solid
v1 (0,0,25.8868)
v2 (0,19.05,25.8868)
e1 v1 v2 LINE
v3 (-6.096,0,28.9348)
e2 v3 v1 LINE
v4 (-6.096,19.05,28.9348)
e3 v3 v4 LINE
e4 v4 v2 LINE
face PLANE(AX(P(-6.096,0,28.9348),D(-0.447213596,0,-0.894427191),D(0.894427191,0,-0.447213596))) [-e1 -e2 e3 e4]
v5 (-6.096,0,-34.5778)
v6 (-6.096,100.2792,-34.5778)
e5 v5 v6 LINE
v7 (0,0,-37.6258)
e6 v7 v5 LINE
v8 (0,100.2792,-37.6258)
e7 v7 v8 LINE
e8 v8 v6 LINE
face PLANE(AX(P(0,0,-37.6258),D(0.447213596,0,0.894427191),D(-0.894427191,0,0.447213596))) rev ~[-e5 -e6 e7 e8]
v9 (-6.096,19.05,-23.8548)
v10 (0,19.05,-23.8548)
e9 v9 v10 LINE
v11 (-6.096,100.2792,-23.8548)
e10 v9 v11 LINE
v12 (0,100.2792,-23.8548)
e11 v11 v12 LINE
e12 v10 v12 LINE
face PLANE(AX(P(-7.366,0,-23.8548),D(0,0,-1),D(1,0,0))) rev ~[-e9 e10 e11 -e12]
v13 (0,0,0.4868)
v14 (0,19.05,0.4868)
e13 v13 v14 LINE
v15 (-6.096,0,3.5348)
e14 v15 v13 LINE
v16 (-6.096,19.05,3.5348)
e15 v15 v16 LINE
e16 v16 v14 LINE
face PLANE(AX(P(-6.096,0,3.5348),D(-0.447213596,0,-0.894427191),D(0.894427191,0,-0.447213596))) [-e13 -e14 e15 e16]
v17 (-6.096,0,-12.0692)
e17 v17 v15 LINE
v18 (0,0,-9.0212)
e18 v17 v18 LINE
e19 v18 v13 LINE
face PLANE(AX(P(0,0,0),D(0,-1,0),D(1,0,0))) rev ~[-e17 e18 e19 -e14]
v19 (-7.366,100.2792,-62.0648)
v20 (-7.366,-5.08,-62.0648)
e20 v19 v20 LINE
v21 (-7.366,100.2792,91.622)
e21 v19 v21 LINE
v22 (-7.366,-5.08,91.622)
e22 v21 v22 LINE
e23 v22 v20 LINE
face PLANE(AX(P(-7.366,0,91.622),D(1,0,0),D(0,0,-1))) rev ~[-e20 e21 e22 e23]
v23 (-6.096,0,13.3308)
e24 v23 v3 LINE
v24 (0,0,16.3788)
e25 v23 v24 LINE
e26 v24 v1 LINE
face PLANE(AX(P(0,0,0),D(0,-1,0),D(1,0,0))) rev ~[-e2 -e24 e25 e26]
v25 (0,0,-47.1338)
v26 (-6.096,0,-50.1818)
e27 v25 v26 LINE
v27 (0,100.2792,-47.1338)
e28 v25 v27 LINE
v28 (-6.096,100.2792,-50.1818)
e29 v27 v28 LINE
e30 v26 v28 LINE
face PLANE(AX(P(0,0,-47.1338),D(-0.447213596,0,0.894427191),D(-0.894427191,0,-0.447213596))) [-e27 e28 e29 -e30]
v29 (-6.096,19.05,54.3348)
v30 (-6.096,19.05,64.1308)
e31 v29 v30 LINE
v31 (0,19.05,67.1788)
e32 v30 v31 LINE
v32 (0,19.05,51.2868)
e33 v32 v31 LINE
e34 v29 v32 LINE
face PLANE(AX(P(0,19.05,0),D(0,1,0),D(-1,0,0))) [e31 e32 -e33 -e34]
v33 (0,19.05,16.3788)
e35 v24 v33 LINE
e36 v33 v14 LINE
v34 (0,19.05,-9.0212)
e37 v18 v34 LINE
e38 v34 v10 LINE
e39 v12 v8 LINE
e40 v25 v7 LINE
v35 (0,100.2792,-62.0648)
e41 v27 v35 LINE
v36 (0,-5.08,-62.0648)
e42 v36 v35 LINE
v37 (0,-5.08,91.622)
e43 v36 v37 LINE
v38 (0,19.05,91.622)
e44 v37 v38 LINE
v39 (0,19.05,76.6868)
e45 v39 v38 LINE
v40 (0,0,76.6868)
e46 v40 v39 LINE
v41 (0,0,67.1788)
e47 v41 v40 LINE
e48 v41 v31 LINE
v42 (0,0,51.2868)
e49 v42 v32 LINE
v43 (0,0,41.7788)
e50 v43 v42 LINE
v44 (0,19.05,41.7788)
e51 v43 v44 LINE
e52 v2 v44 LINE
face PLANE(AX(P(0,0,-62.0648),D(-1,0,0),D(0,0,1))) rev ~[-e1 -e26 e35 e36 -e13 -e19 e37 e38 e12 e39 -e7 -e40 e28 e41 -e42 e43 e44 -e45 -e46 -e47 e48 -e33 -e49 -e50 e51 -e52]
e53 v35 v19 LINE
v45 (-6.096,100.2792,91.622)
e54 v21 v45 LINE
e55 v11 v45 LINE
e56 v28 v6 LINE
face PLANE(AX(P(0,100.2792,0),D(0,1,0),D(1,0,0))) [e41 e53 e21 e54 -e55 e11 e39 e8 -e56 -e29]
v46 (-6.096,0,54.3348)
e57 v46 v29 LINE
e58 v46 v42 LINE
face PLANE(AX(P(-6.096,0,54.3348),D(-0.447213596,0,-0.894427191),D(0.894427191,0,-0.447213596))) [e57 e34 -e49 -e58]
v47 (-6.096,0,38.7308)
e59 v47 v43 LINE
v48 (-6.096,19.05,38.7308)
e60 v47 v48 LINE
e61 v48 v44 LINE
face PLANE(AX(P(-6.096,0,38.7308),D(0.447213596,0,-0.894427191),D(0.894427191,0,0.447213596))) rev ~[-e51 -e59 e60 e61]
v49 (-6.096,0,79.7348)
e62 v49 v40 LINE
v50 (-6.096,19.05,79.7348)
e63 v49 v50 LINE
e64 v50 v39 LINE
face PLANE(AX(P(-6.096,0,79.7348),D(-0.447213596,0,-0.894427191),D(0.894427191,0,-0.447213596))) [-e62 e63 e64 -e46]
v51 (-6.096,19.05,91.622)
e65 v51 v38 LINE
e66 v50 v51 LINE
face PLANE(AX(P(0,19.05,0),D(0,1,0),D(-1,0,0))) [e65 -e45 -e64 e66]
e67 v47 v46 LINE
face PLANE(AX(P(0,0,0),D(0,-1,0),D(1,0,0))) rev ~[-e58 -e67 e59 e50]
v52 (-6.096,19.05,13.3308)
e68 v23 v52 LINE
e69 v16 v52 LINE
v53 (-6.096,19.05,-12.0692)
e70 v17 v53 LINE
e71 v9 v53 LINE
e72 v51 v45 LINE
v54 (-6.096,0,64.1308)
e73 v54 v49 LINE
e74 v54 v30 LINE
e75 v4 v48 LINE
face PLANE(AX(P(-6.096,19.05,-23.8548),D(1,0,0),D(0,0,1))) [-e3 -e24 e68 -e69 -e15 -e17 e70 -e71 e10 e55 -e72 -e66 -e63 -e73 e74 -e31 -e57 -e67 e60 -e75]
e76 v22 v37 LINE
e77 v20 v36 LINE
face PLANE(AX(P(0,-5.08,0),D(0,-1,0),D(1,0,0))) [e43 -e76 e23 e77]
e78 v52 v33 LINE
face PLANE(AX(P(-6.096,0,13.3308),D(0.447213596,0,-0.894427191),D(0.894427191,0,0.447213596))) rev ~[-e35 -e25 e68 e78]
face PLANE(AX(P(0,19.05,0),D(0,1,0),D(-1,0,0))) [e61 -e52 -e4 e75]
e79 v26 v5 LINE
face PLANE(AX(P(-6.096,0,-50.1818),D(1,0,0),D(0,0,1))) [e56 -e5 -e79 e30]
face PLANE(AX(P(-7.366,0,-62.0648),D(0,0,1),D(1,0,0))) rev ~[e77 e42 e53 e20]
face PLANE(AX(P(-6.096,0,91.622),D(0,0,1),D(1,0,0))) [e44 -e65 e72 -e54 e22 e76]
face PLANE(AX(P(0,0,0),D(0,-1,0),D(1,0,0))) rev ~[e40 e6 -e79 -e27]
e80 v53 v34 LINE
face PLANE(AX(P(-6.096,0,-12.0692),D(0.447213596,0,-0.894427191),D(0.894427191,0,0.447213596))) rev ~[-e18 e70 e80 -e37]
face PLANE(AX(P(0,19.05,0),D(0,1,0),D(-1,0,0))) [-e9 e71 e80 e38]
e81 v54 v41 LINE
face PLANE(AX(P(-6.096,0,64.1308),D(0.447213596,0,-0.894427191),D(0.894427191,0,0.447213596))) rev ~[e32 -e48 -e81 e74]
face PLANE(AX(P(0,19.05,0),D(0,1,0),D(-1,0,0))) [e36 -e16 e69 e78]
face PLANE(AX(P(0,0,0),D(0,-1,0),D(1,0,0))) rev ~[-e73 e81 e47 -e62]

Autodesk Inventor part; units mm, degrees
ref_plane "YZ Plane" through (0, 0, 0) normal (1, 0, 0) x (0, 1, 0)
ref_plane "XZ Plane" through (0, 0, 0) normal (0, 1, 0) x (-1, 0, 0)
ref_plane "XY Plane" through (0, 0, 0) normal (0, 0, 1) x (1, 0, 0)
sketch "Sketch1" plane through (0, 0, 0) normal (0, 1, 0) x (-1, 0, 0)
  line L0 (7.366, 6.1452) -> (7.366, -23.8548)
  line L1 (7.366, -23.8548) -> (0, -23.8548)
  line L2 (6.096, -8.0476) -> (6.096, -9.0212)
  line L3 (0, 0.4868) -> (0, 3.5348)
  line L4 (6.096, 3.5348) -> (6.096, -8.0476)
  line L5 (0, -9.0212) -> (0, -11.8152)
  line L6 (6.096, -12.0692) -> (6.096, -9.0212)
  line L7 (6.096, 3.5348) -> (0, 0.4868)
  line L8 (6.096, -12.0692) -> (0, -9.0212)
  line L9 (0, -23.8548) -> (0, -9.0212)
  line L10 (0, 0.4868) -> (0, 16.3788)
  line L11 (6.096, 13.3308) -> (6.096, 16.3788)
  line L12 (6.096, 13.3308) -> (0, 16.3788)
  line L13 (6.096, 28.9348) -> (6.096, 17.3524)
  line L14 (6.096, 28.9348) -> (0, 25.8868)
  line L15 (6.096, 17.3524) -> (6.096, 16.3788)
  line L16 (6.096, 38.7308) -> (6.096, 41.7788)
  line L17 (6.096, 38.7308) -> (0, 41.7788)
  line L18 (6.096, 54.3348) -> (6.096, 42.7524)
  line L19 (6.096, 54.3348) -> (0, 51.2868)
  line L20 (6.096, 42.7524) -> (6.096, 41.7788)
  line L21 (6.096, 64.1308) -> (6.096, 67.1788)
  line L22 (6.096, 64.1308) -> (0, 67.1788)
  line L23 (6.096, 79.7348) -> (6.096, 68.1524)
  line L24 (6.096, 79.7348) -> (0, 76.6868)
  line L25 (6.096, 68.1524) -> (6.096, 67.1788)
  line L26 (7.366, 6.1452) -> (7.366, 91.622)
  line L27 (7.366, 91.622) -> (0, 91.622)
  line L28 (0, 25.8868) -> (0, 41.7788)
  line L29 (0, 51.2868) -> (0, 67.1788)
  line L30 (0, 76.6868) -> (0, 91.622)
  line L31 (6.096, -4.2672) -> (4.0009, -4.2672) construction
  point P0 (0, 0)
  dimension "d0" = 7.366
  dimension "d8" = 9.508
  dimension "d10" = 3.048
  dimension "d11" = 3.048
  dimension "d12" = 6.096
  dimension "d17" = 25.4
  dimension "d24" = 11.7856
  dimension "d67" = 115.4768
  dimension "d70" = 23.8548
  dimension "d71" = 4.754
extrude "MultipleTeeth" add sketch "Sketch1" along normal blind 19.05
sketch "Sketch2" plane through (0, 0, 0) normal (0, -1, 0) x (1, 0, 0)
  line L0 (0, 0.4868) -> (-6.096, 3.5348) construction
  line L1 (-6.096, 3.5348) -> (-6.096, -12.0692) construction
  line L2 (-6.096, -12.0692) -> (0, -9.0212) construction
  line L3 (0, 16.3788) -> (0, 0.4868) projected
  line L4 (0, 0.4868) -> (-6.096, 3.5348)
  line L5 (-6.096, -12.0692) -> (0, -9.0212) projected
  line L6 (-6.096, 3.5348) -> (-6.096, -12.0692) projected
  line L7 (-6.096, -12.0692) -> (-6.096, 3.5348)
  line L8 (0, -9.0212) -> (-6.096, -12.0692)
  line L9 (-7.366, -23.8548) -> (-7.366, 91.622) projected
  line L10 (-7.366, -59.508) -> (-7.366, -32.8548)
  line L11 (-7.366, -23.8548) -> (0, -23.8548)
  line L12 (-7.366, 91.622) -> (0, 91.622) projected
  line L13 (-7.366, -55.8503) -> (-7.366, -40.458) construction
  line L14 (0, -43.0234) -> (0, -59.508) construction
  line L15 (-6.096, -62.0648) -> (0, -62.0648) construction
  line L16 (0, -32.8548) -> (0, -37.6258)
  line L17 (0, -49.9828) -> (0, -62.0648)
  line L18 (0, -62.0648) -> (0, -59.508)
  line L19 (0, -32.8548) -> (-7.366, -32.8548) construction
  line L20 (0, -51.9048) -> (-7.366, -51.9048) construction
  line L21 (0, -42.3798) -> (-7.366, -42.3798) construction
  line L22 (-6.096, -12.0692) -> (-6.096, -62.0648) construction
  line L23 (0, -37.6258) -> (-6.096, -34.5778)
  line L24 (-6.096, -50.1818) -> (-6.096, -34.5778)
  line L25 (0, -47.1338) -> (-6.096, -50.1818)
  line L26 (0, -9.0212) -> (0, -23.8548) projected
  line L27 (0, -23.8548) -> (0, -32.8548)
  line L28 (-7.366, -32.8548) -> (-7.366, -23.8548)
  line L29 (0, -49.9828) -> (0, -47.1338)
  line L30 (0, -62.0648) -> (-7.366, -62.0648)
  line L31 (-7.366, -62.0648) -> (-7.366, -59.508)
  point P0 (0, 0)
  dimension "d25" = 115.4768
  dimension "d33" = 9
  dimension "d34" = 19.05
  dimension "d36" = 9.525
  dimension "d38" = 10.16
extrude "LongTooth" add sketch "Sketch2" against normal blind 100.2792
sketch "Sketch3" plane through (0, 19.05, 0) normal (0, 1, 0) x (1, 0, 0)
  line L0 (-6.096, -3.5348) -> (-6.096, 12.0692) construction
  line L1 (0, 23.8548) -> (-7.366, 23.8548) projected
  line L2 (-7.366, -91.622) -> (0, -91.622) projected
  line L3 (-7.366, 23.8548) -> (-6.096, 23.8548)
  line L4 (-6.096, 23.8548) -> (-6.096, -91.622)
  line L5 (-6.096, -91.622) -> (-7.366, -91.622)
  line L6 (-7.366, -91.622) -> (-7.366, 23.8548)
  point P0 (0, 0)
extrude "ThinPlate" add sketch "Sketch3" along normal up to surface (81.2292 mm away)
sketch "Sketch4" plane through (0, 0, 0) normal (0, -1, 0) x (1, 0, 0)
  line L0 (-6.096, 91.622) -> (0, 91.622) projected
  line L1 (-7.366, 91.622) -> (-7.366, -62.0648) projected
  line L2 (0, 91.622) -> (-7.366, 91.622)
  line L3 (-7.366, 91.622) -> (-7.366, -62.0648)
  line L4 (-7.366, -62.0648) -> (0, -62.0648)
  line L5 (0, -62.0648) -> (0, 91.622)
  point P0 (0, 0)
extrude "Extrusion4" add sketch "Sketch4" along normal blind 5.08
ref_plane "Work Plane1" through (-15.892, 0, 8.4328) normal (0, 0, 1) x (0, 1, 0)
sketch "Sketch6" plane through (0, 19.05, 16.3788) normal (1, 0, 0) x (0, 0, -1)
  circle A0 centre (71.4586, -8.89) radius 1.9304
  line L0 (78.4436, 81.2292) -> (78.4436, -24.13) projected
  line L1 (78.4436, -24.13) -> (-75.2432, -24.13) projected
  circle A1 centre (58.7586, -8.89) radius 1.9304
  circle A2 centre (46.0586, -8.89) radius 1.9304
  circle A3 centre (71.4586, 3.81) radius 1.9304
  circle A4 centre (58.7586, 3.81) radius 1.9304
  circle A5 centre (46.0586, 3.81) radius 1.9304
  circle A6 centre (71.4586, 16.51) radius 1.9304
  circle A7 centre (58.7586, 16.51) radius 1.9304
  circle A8 centre (46.0586, 16.51) radius 1.9304
  circle A9 centre (71.4586, 29.21) radius 1.9304
  circle A10 centre (58.7586, 29.21) radius 1.9304
  circle A11 centre (46.0586, 29.21) radius 1.9304
  circle A12 centre (71.4586, 41.91) radius 1.9304
  circle A13 centre (58.7586, 41.91) radius 1.9304
  circle A14 centre (46.0586, 41.91) radius 1.9304
  circle A15 centre (71.4586, 54.61) radius 1.9304
  circle A16 centre (58.7586, 54.61) radius 1.9304
  circle A17 centre (46.0586, 54.61) radius 1.9304
  circle A18 centre (71.4586, 67.31) radius 1.9304
  circle A19 centre (58.7586, 67.31) radius 1.9304
  circle A20 centre (46.0586, 67.31) radius 1.9304
  circle A21 centre (71.4586, 80.01) radius 1.9304
  circle A22 centre (58.7586, 80.01) radius 1.9304
  circle A23 centre (46.0586, 80.01) radius 1.9304
  circle A24 centre (33.3586, -8.89) radius 1.9304
  circle A25 centre (33.3586, 3.81) radius 1.9304
  circle A26 centre (33.3586, 16.51) radius 1.9304
  circle A27 centre (33.3586, 29.21) radius 1.9304
  circle A28 centre (33.3586, 41.91) radius 1.9304
  circle A29 centre (33.3586, 54.61) radius 1.9304
  circle A30 centre (33.3586, 67.31) radius 1.9304
  circle A31 centre (33.3586, 80.01) radius 1.9304
  circle A32 centre (20.6586, -8.89) radius 1.9304
  circle A33 centre (20.6586, 3.81) radius 1.9304
  circle A34 centre (20.6586, 16.51) radius 1.9304
  circle A35 centre (20.6586, 29.21) radius 1.9304
  circle A36 centre (20.6586, 41.91) radius 1.9304
  circle A37 centre (20.6586, 54.61) radius 1.9304
  circle A38 centre (20.6586, 67.31) radius 1.9304
  circle A39 centre (20.6586, 80.01) radius 1.9304
  circle A40 centre (7.9586, -8.89) radius 1.9304
  circle A41 centre (7.9586, 3.81) radius 1.9304
  circle A42 centre (7.9586, 16.51) radius 1.9304
  circle A43 centre (7.9586, 29.21) radius 1.9304
  circle A44 centre (7.9586, 41.91) radius 1.9304
  circle A45 centre (7.9586, 54.61) radius 1.9304
  circle A46 centre (7.9586, 67.31) radius 1.9304
  circle A47 centre (7.9586, 80.01) radius 1.9304
  circle A48 centre (-4.7414, -8.89) radius 1.9304
  circle A49 centre (-4.7414, 3.81) radius 1.9304
  circle A50 centre (-4.7414, 16.51) radius 1.9304
  circle A51 centre (-4.7414, 29.21) radius 1.9304
  circle A52 centre (-4.7414, 41.91) radius 1.9304
  circle A53 centre (-4.7414, 54.61) radius 1.9304
  circle A54 centre (-4.7414, 67.31) radius 1.9304
  circle A55 centre (-4.7414, 80.01) radius 1.9304
  circle A56 centre (-17.4414, -8.89) radius 1.9304
  circle A57 centre (-17.4414, 3.81) radius 1.9304
  circle A58 centre (-17.4414, 16.51) radius 1.9304
  circle A59 centre (-17.4414, 29.21) radius 1.9304
  circle A60 centre (-17.4414, 41.91) radius 1.9304
  circle A61 centre (-17.4414, 54.61) radius 1.9304
  circle A62 centre (-17.4414, 67.31) radius 1.9304
  circle A63 centre (-17.4414, 80.01) radius 1.9304
  circle A64 centre (-30.1414, -8.89) radius 1.9304
  circle A65 centre (-30.1414, 3.81) radius 1.9304
  circle A66 centre (-30.1414, 16.51) radius 1.9304
  circle A67 centre (-30.1414, 29.21) radius 1.9304
  circle A68 centre (-30.1414, 41.91) radius 1.9304
  circle A69 centre (-30.1414, 54.61) radius 1.9304
  circle A70 centre (-30.1414, 67.31) radius 1.9304
  circle A71 centre (-30.1414, 80.01) radius 1.9304
  circle A72 centre (-42.8414, -8.89) radius 1.9304
  circle A73 centre (-42.8414, 3.81) radius 1.9304
  circle A74 centre (-42.8414, 16.51) radius 1.9304
  circle A75 centre (-42.8414, 29.21) radius 1.9304
  circle A76 centre (-42.8414, 41.91) radius 1.9304
  circle A77 centre (-42.8414, 54.61) radius 1.9304
  circle A78 centre (-42.8414, 67.31) radius 1.9304
  circle A79 centre (-42.8414, 80.01) radius 1.9304
  circle A80 centre (-55.5414, -8.89) radius 1.9304
  circle A81 centre (-55.5414, 3.81) radius 1.9304
  circle A82 centre (-55.5414, 16.51) radius 1.9304
  circle A83 centre (-55.5414, 29.21) radius 1.9304
  circle A84 centre (-55.5414, 41.91) radius 1.9304
  circle A85 centre (-55.5414, 54.61) radius 1.9304
  circle A86 centre (-55.5414, 67.31) radius 1.9304
  circle A87 centre (-55.5414, 80.01) radius 1.9304
  circle A88 centre (-68.2414, -8.89) radius 1.9304
  circle A89 centre (-68.2414, 3.81) radius 1.9304
  circle A90 centre (-68.2414, 16.51) radius 1.9304
  circle A91 centre (-68.2414, 29.21) radius 1.9304
  circle A92 centre (-68.2414, 41.91) radius 1.9304
  circle A93 centre (-68.2414, 54.61) radius 1.9304
  circle A94 centre (-68.2414, 67.31) radius 1.9304
  circle A95 centre (-68.2414, 80.01) radius 1.9304
  circle A96 centre (-80.9414, -8.89) radius 1.9304
  circle A97 centre (-80.9414, 3.81) radius 1.9304
  circle A98 centre (-80.9414, 16.51) radius 1.9304
  circle A99 centre (-80.9414, 29.21) radius 1.9304
  circle A100 centre (-80.9414, 41.91) radius 1.9304
  circle A101 centre (-80.9414, 54.61) radius 1.9304
  circle A102 centre (-80.9414, 67.31) radius 1.9304
  circle A103 centre (-80.9414, 80.01) radius 1.9304
  point P0 (16.3788, -19.05)
  dimension "d56" = 3.8608
  dimension "d57" = 6.985
  dimension "d58" = 15.24
  dimension "d61" = 12.7
  dimension "d64" = 12.7
equation "\"d11\" = d10"
equation "\"d71\" = 0.5 * d8"
equation "\"d36\" = 0.5 * d34"
properties part number "Lift receiver left side actobtics"
